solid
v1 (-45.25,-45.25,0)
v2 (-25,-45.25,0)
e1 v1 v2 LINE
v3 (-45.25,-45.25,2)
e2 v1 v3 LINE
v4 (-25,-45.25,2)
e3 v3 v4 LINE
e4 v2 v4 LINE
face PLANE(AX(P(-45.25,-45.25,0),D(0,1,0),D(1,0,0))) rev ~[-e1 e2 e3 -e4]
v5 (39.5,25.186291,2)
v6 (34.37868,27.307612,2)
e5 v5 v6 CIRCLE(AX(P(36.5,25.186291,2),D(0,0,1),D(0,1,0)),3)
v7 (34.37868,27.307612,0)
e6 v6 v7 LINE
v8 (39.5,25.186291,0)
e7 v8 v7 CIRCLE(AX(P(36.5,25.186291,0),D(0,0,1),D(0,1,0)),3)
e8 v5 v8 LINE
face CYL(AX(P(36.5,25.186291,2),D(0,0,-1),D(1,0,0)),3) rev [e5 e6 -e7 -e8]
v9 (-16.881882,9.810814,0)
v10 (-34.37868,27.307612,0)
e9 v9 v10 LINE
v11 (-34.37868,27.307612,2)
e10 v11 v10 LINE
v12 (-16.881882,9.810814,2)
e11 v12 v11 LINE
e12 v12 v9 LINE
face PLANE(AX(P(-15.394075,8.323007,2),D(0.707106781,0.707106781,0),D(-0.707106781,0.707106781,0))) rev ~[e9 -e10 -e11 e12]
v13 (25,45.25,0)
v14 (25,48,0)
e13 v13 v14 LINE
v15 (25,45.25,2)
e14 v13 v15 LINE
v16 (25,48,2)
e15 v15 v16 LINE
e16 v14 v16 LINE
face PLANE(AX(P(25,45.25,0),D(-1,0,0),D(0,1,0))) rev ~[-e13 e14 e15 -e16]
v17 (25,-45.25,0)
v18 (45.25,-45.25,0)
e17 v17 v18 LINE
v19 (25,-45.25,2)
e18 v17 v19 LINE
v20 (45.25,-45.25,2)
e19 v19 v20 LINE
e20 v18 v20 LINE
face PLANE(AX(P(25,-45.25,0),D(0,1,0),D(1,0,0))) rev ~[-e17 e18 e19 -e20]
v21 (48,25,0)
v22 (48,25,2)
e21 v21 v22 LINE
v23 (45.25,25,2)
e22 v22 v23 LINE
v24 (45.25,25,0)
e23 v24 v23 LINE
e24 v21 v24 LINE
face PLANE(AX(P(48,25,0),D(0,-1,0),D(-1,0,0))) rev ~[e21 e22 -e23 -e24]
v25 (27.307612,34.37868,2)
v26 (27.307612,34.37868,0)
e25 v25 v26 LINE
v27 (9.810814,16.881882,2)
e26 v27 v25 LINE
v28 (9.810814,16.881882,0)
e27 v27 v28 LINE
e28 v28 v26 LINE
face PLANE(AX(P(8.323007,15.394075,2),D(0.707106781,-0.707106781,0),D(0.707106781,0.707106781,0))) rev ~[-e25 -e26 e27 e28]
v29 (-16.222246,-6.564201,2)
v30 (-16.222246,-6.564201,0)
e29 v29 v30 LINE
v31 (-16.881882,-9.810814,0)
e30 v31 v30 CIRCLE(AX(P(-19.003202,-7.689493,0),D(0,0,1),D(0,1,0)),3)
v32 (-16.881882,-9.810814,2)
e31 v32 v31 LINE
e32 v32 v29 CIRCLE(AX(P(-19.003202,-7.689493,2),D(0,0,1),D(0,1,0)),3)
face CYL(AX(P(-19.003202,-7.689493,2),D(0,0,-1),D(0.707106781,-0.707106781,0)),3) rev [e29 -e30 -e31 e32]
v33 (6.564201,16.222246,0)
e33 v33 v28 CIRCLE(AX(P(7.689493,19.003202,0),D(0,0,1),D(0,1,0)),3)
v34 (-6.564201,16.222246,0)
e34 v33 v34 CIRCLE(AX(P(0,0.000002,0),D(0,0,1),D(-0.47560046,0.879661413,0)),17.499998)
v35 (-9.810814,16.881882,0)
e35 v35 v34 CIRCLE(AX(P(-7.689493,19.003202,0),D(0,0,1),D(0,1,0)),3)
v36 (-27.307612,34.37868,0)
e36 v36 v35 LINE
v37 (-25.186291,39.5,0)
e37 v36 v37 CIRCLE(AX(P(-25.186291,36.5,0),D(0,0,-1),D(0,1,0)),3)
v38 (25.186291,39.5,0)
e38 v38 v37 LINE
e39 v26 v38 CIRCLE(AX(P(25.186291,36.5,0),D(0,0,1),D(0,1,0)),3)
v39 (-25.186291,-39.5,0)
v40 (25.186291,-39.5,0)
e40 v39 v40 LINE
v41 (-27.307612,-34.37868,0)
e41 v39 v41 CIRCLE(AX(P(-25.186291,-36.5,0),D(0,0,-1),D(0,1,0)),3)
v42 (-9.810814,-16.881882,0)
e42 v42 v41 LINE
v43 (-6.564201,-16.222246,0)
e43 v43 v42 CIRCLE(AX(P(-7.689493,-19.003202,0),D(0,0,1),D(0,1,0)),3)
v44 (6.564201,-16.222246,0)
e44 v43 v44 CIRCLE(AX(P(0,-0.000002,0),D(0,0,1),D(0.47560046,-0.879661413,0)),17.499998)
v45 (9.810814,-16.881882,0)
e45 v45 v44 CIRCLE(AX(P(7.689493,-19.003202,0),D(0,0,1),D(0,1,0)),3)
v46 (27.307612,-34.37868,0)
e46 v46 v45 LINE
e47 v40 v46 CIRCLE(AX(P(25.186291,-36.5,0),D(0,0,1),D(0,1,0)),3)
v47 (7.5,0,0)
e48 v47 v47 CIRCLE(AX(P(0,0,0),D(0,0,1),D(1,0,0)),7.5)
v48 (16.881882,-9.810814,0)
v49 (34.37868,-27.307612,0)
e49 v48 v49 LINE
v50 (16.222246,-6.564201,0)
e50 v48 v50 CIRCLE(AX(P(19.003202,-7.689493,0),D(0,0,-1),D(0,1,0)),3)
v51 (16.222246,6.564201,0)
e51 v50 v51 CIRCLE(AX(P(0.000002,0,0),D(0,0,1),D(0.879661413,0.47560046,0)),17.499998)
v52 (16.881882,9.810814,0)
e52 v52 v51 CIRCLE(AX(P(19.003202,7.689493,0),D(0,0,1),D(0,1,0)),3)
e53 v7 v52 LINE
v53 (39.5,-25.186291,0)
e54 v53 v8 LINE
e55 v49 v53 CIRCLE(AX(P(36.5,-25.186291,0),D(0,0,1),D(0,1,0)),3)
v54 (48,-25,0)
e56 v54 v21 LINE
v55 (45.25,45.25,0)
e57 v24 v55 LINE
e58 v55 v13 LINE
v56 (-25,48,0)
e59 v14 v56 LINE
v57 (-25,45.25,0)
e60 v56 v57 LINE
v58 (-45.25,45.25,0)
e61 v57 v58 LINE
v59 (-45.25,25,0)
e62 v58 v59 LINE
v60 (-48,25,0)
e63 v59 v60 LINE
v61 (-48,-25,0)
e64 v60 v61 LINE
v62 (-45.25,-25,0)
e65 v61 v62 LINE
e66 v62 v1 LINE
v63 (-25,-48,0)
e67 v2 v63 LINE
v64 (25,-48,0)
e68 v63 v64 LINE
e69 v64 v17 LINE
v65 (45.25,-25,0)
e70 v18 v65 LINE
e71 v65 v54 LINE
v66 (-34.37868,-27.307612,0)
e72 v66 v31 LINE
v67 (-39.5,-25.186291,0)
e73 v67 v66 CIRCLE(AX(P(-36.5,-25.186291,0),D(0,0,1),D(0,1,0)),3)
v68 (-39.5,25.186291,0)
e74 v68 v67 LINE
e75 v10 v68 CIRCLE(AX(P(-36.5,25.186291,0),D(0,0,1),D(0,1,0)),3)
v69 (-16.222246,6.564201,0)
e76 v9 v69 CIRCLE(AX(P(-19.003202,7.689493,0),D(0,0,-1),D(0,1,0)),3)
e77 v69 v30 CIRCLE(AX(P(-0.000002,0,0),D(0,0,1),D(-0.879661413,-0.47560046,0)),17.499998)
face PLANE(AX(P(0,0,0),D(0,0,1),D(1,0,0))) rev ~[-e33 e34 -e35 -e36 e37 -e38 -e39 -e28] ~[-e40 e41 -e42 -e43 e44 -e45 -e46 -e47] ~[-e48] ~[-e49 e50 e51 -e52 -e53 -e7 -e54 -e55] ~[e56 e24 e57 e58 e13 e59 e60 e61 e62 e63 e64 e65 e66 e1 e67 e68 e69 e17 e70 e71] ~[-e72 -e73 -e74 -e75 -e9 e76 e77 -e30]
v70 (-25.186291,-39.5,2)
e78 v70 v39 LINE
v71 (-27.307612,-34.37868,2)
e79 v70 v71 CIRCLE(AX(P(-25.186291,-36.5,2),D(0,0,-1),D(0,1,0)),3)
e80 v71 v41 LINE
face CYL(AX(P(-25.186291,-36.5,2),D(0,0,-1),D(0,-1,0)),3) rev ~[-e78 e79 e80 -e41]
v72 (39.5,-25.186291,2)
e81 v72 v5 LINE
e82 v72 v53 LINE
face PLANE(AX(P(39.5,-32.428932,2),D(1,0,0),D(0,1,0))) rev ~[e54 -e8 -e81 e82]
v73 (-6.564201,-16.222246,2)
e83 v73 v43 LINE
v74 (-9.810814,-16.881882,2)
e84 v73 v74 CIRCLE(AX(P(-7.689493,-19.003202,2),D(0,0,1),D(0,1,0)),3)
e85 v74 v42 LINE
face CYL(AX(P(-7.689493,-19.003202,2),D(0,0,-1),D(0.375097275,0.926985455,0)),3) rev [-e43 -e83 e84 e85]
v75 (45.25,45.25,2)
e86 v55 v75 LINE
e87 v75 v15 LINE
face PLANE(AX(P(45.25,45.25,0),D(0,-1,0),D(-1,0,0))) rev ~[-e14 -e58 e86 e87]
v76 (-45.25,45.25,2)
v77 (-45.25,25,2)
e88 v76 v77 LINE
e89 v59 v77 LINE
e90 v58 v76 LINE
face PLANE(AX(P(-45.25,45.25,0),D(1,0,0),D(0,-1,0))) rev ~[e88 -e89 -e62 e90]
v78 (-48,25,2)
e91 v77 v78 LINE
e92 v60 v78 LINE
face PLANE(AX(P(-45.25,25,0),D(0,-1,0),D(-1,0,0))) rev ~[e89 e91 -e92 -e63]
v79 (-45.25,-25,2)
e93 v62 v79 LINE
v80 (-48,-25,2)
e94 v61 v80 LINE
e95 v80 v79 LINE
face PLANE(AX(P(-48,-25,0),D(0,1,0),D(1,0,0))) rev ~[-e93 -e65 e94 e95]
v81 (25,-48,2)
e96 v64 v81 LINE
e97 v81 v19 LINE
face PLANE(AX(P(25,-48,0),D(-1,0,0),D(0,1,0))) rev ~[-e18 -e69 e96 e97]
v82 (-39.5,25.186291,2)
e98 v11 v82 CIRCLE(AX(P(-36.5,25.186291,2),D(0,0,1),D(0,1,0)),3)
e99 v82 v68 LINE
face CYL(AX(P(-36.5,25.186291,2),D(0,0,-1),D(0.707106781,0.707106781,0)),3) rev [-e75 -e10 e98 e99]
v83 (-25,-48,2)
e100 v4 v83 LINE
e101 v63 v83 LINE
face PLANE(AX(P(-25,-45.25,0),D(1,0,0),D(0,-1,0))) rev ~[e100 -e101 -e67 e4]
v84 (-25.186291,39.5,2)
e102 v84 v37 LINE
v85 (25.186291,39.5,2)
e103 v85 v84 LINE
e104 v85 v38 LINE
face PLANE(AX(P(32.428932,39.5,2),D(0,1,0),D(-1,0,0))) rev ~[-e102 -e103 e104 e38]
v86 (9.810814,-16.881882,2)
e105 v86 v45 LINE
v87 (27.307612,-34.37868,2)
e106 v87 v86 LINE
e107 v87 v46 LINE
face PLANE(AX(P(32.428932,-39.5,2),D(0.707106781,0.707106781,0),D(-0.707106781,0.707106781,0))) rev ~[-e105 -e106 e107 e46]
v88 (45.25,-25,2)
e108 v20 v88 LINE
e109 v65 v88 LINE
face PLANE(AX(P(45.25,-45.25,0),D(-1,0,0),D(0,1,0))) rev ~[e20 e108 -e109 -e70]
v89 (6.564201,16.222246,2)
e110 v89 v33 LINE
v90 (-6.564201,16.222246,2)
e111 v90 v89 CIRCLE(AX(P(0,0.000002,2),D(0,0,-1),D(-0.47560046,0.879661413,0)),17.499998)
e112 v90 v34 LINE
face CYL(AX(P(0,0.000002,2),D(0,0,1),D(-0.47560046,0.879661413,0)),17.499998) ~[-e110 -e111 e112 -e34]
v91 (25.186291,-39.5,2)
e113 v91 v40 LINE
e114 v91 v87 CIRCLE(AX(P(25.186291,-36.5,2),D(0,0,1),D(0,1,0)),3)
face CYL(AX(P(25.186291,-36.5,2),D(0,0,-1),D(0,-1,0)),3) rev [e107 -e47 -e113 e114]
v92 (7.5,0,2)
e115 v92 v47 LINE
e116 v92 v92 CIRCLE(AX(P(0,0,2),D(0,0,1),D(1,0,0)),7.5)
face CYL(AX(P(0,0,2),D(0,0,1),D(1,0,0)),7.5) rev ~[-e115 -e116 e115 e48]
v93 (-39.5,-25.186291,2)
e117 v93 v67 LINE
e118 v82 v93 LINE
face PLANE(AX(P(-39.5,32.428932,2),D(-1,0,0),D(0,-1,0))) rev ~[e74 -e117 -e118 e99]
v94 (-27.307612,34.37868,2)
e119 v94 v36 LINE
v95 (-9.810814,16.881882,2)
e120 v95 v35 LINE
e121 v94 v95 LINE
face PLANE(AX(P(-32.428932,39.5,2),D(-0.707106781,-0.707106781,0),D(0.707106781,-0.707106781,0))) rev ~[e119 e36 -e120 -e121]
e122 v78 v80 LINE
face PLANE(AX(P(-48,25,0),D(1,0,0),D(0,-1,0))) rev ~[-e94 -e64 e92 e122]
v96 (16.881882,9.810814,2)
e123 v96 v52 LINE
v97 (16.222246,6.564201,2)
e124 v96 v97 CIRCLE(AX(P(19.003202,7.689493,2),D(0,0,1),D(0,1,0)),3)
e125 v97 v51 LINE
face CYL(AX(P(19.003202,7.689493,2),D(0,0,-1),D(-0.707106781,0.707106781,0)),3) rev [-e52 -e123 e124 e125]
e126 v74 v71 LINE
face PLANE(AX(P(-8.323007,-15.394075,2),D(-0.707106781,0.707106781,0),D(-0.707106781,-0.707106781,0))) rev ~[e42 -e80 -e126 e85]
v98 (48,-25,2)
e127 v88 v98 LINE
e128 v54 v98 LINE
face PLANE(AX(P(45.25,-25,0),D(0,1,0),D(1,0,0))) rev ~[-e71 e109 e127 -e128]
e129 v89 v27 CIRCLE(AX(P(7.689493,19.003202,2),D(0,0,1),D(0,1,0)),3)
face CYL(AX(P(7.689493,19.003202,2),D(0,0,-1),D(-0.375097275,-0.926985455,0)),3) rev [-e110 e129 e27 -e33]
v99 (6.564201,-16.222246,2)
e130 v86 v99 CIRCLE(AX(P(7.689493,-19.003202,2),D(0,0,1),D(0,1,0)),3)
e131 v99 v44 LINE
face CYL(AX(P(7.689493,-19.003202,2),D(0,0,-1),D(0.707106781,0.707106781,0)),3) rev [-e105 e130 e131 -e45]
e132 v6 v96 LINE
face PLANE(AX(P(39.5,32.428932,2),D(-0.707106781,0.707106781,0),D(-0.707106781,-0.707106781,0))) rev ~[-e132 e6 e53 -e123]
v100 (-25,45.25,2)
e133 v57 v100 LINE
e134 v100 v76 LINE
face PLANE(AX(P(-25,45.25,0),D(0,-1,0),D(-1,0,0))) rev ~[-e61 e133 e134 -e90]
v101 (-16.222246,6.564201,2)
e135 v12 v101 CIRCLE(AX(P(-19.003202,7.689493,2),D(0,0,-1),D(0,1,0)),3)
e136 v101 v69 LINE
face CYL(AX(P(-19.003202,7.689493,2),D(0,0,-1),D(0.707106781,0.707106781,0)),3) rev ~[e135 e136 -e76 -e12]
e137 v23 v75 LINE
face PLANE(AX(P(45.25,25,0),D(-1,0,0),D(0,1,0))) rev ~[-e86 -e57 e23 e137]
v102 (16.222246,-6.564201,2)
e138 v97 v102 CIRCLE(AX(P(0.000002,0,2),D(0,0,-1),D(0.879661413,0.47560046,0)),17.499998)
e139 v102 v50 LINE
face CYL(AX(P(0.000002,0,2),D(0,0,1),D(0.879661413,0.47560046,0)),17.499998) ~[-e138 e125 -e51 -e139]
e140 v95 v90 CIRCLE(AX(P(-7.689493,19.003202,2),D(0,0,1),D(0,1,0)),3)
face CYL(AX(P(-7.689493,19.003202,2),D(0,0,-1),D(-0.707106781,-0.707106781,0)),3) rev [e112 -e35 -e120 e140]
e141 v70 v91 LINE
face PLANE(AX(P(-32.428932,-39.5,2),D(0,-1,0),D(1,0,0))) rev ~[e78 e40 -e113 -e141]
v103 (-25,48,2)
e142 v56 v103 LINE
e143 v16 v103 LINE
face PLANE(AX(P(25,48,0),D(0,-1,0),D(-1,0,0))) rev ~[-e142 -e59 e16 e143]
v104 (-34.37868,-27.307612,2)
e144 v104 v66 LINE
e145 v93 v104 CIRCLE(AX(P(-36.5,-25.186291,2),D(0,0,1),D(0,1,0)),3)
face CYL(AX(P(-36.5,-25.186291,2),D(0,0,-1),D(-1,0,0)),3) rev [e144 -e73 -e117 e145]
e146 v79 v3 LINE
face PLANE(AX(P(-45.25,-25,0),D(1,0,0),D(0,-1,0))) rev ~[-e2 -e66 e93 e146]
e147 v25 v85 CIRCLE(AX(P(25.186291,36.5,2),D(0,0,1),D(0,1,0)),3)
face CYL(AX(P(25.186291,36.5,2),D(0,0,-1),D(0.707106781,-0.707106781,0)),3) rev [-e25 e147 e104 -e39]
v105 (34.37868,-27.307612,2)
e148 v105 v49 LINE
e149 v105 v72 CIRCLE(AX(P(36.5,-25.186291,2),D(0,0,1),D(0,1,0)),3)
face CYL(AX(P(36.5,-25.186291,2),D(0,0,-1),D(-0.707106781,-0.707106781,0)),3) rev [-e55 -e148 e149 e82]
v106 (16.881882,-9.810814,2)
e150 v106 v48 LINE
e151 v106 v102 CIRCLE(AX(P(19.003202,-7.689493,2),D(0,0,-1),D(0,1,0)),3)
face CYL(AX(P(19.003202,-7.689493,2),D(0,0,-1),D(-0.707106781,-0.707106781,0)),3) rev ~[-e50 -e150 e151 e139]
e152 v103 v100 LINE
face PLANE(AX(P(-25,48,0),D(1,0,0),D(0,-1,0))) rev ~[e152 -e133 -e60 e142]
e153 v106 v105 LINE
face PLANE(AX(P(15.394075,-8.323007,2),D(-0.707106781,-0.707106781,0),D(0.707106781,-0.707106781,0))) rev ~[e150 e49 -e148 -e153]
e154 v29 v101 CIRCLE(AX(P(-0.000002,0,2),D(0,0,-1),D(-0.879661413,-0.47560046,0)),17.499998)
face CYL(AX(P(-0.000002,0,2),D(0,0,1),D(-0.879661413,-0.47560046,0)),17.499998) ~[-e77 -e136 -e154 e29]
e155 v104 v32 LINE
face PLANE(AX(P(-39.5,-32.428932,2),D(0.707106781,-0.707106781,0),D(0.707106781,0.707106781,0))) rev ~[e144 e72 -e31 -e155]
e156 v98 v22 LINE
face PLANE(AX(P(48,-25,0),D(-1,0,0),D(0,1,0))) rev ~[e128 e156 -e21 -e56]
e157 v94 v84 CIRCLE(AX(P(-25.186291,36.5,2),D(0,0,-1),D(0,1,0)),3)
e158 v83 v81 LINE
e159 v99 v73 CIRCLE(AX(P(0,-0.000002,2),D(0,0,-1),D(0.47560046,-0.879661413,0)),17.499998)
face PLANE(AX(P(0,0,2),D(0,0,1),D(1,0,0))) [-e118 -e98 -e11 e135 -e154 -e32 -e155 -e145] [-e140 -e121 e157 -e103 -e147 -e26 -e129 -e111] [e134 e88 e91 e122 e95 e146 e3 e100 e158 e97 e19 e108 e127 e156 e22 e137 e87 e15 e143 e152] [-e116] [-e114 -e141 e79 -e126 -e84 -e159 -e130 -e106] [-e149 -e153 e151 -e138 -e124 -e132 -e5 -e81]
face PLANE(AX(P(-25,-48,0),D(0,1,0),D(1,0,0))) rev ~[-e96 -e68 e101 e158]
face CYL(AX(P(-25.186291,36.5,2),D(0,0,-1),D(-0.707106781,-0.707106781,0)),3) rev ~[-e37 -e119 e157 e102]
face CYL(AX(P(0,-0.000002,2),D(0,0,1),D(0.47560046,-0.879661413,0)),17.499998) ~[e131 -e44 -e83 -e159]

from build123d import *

# Parameters (mm, degrees)
F1_DEPTH = 2
F2_R     = 7.5
F3_DEPTH = 25
F4_R     = 3


with BuildPart() as f1:
    # F0 (on Top) → F1 (new body)
    with BuildSketch(Plane.XY):
        Polygon((25, 45.25), (25, 48), (-25, 48), (-25, 45.25), (-45.25, 45.25), (-45.25, 25), (-48, 25), (-48, -25), (-45.25, -25), (-45.25, -45.25), (-25, -45.25), (-25, -48), (25, -48), (25, -45.25), (45.25, -45.25), (45.25, -25), (48, -25), (48, 25), (45.25, 25), (45.25, 45.25), align=None)
    extrude(amount=F1_DEPTH)

    # F2 (on face) → F3 (cut)
    with BuildSketch(Plane.XY.offset(2)):
        with BuildLine():
            ThreePointArc((-15.394075, -8.323007), (-17.5, 0), (-15.394075, 8.323007))
            Line((-15.394075, 8.323007), (-39.5, 32.428932))
            Line((-39.5, 32.428932), (-39.5, -32.428932))
            Line((-39.5, -32.428932), (-15.394075, -8.323007))
        make_face()
        with BuildLine():
            Line((-32.428932, 39.5), (-8.323007, 15.394075))
            ThreePointArc((-8.323007, 15.394075), (0, 17.5), (8.323007, 15.394075))
            Line((8.323007, 15.394075), (32.428932, 39.5))
            Line((32.428932, 39.5), (-32.428932, 39.5))
        make_face()
        Circle(F2_R)
        with BuildLine():
            ThreePointArc((15.394075, 8.323007), (17.5, 0), (15.394075, -8.323007))
            Line((15.394075, -8.323007), (39.5, -32.428932))
            Line((39.5, -32.428932), (39.5, 32.428932))
            Line((39.5, 32.428932), (15.394075, 8.323007))
        make_face()
        with BuildLine():
            Line((-32.428932, -39.5), (32.428932, -39.5))
            Line((32.428932, -39.5), (8.323007, -15.394075))
            ThreePointArc((8.323007, -15.394075), (0, -17.5), (-8.323007, -15.394075))
            Line((-8.323007, -15.394075), (-32.428932, -39.5))
        make_face()
    extrude(amount=-F3_DEPTH, mode=Mode.SUBTRACT)

    # F4
    f4_edges = [f1.edges().sort_by_distance(p)[0] for p in [
        (-39.5, 32.428932, 1),
        (-15.394075, -8.323007, 1),
        (-15.394075, 8.323007, 1),
        (8.323007, 15.394075, 1),
        (-8.323007, 15.394075, 1),
        (-32.428932, -39.5, 1),
        (15.394075, -8.323007, 1),
        (15.394075, 8.323007, 1),
        (39.5, -32.428932, 1),
        (39.5, 32.428932, 1),
        (32.428932, 39.5, 1),
        (32.428932, -39.5, 1),
        (-39.5, -32.428932, 1),
        (-32.428932, 39.5, 1),
        (-8.323007, -15.394075, 1),
        (8.323007, -15.394075, 1),
    ]]
    fillet(f4_edges, radius=F4_R)


solid = f1.part
